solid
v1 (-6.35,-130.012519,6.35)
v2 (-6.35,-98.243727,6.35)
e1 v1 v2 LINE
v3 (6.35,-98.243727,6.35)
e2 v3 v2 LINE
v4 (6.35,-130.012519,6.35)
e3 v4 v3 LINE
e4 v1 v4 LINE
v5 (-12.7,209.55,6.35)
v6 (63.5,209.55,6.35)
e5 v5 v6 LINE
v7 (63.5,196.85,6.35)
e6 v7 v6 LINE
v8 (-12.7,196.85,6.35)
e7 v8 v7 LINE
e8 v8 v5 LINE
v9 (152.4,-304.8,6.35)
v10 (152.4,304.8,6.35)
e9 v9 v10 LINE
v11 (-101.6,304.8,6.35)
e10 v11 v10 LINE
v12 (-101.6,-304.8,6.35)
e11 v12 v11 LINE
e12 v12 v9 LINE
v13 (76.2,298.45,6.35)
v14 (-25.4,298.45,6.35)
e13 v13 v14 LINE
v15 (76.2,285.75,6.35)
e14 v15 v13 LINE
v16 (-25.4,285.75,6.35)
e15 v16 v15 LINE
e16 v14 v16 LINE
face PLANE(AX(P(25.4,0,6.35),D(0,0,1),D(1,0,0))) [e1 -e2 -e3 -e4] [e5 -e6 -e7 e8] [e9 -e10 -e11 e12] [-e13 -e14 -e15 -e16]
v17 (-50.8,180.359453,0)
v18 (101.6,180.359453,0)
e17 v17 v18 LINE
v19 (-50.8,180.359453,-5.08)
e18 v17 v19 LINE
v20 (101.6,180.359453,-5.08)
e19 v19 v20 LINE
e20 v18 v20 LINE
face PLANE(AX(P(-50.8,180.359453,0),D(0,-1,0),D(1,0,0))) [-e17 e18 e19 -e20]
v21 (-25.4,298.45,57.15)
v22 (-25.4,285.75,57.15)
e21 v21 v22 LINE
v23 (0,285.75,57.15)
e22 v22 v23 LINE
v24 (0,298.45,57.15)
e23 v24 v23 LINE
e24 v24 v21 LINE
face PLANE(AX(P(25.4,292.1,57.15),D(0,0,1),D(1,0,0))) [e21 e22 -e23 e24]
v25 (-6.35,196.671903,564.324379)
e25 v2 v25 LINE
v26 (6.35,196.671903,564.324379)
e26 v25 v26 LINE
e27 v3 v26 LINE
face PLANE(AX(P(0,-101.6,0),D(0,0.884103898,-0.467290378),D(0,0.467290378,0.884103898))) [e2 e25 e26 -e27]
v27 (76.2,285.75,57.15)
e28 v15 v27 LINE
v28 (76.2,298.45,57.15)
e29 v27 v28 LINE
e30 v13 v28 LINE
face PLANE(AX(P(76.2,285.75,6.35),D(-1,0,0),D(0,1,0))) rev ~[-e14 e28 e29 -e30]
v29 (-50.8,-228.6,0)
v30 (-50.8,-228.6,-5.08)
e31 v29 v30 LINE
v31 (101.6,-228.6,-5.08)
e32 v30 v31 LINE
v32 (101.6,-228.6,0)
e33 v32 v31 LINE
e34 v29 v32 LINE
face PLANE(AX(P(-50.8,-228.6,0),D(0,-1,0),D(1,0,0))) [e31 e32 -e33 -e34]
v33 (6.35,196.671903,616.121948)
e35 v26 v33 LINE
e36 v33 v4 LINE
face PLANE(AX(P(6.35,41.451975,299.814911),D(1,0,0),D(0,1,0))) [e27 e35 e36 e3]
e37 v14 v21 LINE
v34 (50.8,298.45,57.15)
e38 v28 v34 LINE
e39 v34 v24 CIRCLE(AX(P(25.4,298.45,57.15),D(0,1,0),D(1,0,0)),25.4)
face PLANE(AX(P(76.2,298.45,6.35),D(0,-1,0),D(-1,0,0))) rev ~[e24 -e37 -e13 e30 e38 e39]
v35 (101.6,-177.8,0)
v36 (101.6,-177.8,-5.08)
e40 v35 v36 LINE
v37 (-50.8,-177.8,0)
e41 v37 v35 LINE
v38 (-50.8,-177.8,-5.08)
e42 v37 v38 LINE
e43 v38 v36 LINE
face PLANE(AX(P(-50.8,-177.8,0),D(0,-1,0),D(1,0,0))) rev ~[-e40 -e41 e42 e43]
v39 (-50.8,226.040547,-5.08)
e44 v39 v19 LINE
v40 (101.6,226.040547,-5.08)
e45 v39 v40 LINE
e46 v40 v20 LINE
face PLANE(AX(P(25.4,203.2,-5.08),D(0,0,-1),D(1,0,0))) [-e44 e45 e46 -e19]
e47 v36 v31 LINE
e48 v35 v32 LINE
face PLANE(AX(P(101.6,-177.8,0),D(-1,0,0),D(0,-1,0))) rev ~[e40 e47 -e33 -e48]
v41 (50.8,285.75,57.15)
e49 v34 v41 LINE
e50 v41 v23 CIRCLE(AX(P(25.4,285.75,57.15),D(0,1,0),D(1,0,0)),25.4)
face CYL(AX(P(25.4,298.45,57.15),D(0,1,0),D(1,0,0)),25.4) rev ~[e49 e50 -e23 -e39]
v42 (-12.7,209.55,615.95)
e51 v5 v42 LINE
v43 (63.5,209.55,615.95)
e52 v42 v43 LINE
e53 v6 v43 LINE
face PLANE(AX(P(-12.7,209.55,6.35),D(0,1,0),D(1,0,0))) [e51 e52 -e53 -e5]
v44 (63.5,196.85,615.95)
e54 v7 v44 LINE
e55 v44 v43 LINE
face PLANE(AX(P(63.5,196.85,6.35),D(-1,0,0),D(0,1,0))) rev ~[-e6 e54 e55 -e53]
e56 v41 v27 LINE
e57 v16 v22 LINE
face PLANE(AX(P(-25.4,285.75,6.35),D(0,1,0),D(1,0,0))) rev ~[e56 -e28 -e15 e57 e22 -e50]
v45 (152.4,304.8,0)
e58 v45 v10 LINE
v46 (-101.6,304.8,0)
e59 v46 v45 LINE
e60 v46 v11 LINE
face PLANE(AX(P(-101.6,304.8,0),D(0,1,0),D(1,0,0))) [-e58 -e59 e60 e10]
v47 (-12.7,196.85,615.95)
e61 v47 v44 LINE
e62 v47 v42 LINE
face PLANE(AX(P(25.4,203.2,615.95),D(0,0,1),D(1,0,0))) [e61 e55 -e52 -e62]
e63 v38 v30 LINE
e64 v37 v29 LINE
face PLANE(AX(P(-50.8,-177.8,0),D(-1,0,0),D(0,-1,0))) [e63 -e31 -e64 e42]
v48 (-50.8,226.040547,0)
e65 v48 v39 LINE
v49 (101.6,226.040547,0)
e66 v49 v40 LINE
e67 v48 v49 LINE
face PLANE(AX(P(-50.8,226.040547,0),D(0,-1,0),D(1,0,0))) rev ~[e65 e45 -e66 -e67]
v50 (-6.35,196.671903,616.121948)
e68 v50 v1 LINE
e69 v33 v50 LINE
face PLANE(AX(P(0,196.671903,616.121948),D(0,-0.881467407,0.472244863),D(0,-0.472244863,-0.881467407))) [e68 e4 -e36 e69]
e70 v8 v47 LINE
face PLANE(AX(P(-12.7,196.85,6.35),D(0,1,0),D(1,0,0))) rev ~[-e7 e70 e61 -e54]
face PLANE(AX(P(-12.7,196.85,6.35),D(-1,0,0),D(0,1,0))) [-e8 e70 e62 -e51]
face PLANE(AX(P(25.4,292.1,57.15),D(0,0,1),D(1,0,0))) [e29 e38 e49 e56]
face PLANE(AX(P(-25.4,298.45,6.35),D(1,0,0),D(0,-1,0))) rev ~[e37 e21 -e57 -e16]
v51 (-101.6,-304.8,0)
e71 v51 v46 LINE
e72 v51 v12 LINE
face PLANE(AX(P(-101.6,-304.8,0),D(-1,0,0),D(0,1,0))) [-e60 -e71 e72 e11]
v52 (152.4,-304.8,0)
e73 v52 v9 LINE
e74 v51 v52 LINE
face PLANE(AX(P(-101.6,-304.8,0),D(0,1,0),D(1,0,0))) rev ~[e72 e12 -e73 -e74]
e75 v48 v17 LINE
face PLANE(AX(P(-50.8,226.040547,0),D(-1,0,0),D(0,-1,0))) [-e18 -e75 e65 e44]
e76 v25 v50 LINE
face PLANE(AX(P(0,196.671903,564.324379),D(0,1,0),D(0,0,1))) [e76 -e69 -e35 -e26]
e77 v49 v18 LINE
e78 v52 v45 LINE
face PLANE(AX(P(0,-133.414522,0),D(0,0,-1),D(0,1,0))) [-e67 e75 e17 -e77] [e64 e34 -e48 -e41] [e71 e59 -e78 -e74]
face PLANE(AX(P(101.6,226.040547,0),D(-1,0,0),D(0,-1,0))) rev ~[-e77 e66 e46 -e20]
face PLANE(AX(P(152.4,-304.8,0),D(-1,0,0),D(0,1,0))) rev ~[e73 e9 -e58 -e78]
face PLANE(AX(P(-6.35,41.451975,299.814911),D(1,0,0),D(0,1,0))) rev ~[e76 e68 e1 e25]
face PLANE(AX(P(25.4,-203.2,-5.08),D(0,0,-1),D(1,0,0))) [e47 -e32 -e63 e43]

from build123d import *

# Parameters (mm, degrees)
F0_W      = 254
F0_H      = 609.6
F1_DEPTH  = 6.35
F2_W      = 152.4
F2_H      = 50.8
F2_H_2    = 45.6810940742
F3_DEPTH  = 5.08
F5_DEPTH  = 50.8
F6_W      = 76.2
F6_H      = 12.7
F7_DEPTH  = 609.6
F9_DEPTH  = 6.35
F11_DEPTH = 25.4


with BuildPart() as f1:
    # F0 (on Top) → F1 (new body)
    with BuildSketch(Plane.XY):
        with Locations((25.4, 0)):
            Rectangle(F0_W, F0_H)
    extrude(amount=F1_DEPTH)

    # F2 (on face) → F3 (join)
    with BuildSketch(Plane(origin=(0, 0, 0), x_dir=(1, 0, 0), z_dir=(0, 0, -1))):
        with Locations((25.4, 203.2)):
            Rectangle(F2_W, F2_H)
        with Locations((25.4, -203.2)):
            Rectangle(F2_W, F2_H_2)
    extrude(amount=F3_DEPTH)

    # F4 (on face) → F5 (join)
    with BuildSketch(Plane.XY.offset(6.35)):
        Polygon((76.2, 285.75), (76.2, 298.45), (25.4, 298.45), (-25.4, 298.45), (-25.4, 285.75), align=None)
    extrude(amount=F5_DEPTH)

    # F6 (on face) → F7 (join)
    with BuildSketch(Plane.XY.offset(6.35)):
        with Locations((25.4, 203.2)):
            Rectangle(F6_W, F6_H)
    extrude(amount=F7_DEPTH)

    # F8 (on Right) → F9 (join, symmetric)
    with BuildSketch(Plane.YZ):
        Polygon((-133.4145218134, 0), (-101.6, 0), (196.6719031334, 564.3243789673), (196.6719031334, 616.1219477654), align=None)
    extrude(amount=F9_DEPTH, both=True)

    # F10 (on face) → F11 (cut)
    with BuildSketch(Plane(origin=(0, 298.45, 0), x_dir=(-1, 0, 0), z_dir=(0, 1, 0))):
        with BuildLine():
            ThreePointArc((-50.8, 57.15), (-25.4, 31.75), (0, 57.15))
            Line((0, 57.15), (-50.8, 57.15))
        make_face()
    extrude(amount=-F11_DEPTH, mode=Mode.SUBTRACT)


solid = f1.part
